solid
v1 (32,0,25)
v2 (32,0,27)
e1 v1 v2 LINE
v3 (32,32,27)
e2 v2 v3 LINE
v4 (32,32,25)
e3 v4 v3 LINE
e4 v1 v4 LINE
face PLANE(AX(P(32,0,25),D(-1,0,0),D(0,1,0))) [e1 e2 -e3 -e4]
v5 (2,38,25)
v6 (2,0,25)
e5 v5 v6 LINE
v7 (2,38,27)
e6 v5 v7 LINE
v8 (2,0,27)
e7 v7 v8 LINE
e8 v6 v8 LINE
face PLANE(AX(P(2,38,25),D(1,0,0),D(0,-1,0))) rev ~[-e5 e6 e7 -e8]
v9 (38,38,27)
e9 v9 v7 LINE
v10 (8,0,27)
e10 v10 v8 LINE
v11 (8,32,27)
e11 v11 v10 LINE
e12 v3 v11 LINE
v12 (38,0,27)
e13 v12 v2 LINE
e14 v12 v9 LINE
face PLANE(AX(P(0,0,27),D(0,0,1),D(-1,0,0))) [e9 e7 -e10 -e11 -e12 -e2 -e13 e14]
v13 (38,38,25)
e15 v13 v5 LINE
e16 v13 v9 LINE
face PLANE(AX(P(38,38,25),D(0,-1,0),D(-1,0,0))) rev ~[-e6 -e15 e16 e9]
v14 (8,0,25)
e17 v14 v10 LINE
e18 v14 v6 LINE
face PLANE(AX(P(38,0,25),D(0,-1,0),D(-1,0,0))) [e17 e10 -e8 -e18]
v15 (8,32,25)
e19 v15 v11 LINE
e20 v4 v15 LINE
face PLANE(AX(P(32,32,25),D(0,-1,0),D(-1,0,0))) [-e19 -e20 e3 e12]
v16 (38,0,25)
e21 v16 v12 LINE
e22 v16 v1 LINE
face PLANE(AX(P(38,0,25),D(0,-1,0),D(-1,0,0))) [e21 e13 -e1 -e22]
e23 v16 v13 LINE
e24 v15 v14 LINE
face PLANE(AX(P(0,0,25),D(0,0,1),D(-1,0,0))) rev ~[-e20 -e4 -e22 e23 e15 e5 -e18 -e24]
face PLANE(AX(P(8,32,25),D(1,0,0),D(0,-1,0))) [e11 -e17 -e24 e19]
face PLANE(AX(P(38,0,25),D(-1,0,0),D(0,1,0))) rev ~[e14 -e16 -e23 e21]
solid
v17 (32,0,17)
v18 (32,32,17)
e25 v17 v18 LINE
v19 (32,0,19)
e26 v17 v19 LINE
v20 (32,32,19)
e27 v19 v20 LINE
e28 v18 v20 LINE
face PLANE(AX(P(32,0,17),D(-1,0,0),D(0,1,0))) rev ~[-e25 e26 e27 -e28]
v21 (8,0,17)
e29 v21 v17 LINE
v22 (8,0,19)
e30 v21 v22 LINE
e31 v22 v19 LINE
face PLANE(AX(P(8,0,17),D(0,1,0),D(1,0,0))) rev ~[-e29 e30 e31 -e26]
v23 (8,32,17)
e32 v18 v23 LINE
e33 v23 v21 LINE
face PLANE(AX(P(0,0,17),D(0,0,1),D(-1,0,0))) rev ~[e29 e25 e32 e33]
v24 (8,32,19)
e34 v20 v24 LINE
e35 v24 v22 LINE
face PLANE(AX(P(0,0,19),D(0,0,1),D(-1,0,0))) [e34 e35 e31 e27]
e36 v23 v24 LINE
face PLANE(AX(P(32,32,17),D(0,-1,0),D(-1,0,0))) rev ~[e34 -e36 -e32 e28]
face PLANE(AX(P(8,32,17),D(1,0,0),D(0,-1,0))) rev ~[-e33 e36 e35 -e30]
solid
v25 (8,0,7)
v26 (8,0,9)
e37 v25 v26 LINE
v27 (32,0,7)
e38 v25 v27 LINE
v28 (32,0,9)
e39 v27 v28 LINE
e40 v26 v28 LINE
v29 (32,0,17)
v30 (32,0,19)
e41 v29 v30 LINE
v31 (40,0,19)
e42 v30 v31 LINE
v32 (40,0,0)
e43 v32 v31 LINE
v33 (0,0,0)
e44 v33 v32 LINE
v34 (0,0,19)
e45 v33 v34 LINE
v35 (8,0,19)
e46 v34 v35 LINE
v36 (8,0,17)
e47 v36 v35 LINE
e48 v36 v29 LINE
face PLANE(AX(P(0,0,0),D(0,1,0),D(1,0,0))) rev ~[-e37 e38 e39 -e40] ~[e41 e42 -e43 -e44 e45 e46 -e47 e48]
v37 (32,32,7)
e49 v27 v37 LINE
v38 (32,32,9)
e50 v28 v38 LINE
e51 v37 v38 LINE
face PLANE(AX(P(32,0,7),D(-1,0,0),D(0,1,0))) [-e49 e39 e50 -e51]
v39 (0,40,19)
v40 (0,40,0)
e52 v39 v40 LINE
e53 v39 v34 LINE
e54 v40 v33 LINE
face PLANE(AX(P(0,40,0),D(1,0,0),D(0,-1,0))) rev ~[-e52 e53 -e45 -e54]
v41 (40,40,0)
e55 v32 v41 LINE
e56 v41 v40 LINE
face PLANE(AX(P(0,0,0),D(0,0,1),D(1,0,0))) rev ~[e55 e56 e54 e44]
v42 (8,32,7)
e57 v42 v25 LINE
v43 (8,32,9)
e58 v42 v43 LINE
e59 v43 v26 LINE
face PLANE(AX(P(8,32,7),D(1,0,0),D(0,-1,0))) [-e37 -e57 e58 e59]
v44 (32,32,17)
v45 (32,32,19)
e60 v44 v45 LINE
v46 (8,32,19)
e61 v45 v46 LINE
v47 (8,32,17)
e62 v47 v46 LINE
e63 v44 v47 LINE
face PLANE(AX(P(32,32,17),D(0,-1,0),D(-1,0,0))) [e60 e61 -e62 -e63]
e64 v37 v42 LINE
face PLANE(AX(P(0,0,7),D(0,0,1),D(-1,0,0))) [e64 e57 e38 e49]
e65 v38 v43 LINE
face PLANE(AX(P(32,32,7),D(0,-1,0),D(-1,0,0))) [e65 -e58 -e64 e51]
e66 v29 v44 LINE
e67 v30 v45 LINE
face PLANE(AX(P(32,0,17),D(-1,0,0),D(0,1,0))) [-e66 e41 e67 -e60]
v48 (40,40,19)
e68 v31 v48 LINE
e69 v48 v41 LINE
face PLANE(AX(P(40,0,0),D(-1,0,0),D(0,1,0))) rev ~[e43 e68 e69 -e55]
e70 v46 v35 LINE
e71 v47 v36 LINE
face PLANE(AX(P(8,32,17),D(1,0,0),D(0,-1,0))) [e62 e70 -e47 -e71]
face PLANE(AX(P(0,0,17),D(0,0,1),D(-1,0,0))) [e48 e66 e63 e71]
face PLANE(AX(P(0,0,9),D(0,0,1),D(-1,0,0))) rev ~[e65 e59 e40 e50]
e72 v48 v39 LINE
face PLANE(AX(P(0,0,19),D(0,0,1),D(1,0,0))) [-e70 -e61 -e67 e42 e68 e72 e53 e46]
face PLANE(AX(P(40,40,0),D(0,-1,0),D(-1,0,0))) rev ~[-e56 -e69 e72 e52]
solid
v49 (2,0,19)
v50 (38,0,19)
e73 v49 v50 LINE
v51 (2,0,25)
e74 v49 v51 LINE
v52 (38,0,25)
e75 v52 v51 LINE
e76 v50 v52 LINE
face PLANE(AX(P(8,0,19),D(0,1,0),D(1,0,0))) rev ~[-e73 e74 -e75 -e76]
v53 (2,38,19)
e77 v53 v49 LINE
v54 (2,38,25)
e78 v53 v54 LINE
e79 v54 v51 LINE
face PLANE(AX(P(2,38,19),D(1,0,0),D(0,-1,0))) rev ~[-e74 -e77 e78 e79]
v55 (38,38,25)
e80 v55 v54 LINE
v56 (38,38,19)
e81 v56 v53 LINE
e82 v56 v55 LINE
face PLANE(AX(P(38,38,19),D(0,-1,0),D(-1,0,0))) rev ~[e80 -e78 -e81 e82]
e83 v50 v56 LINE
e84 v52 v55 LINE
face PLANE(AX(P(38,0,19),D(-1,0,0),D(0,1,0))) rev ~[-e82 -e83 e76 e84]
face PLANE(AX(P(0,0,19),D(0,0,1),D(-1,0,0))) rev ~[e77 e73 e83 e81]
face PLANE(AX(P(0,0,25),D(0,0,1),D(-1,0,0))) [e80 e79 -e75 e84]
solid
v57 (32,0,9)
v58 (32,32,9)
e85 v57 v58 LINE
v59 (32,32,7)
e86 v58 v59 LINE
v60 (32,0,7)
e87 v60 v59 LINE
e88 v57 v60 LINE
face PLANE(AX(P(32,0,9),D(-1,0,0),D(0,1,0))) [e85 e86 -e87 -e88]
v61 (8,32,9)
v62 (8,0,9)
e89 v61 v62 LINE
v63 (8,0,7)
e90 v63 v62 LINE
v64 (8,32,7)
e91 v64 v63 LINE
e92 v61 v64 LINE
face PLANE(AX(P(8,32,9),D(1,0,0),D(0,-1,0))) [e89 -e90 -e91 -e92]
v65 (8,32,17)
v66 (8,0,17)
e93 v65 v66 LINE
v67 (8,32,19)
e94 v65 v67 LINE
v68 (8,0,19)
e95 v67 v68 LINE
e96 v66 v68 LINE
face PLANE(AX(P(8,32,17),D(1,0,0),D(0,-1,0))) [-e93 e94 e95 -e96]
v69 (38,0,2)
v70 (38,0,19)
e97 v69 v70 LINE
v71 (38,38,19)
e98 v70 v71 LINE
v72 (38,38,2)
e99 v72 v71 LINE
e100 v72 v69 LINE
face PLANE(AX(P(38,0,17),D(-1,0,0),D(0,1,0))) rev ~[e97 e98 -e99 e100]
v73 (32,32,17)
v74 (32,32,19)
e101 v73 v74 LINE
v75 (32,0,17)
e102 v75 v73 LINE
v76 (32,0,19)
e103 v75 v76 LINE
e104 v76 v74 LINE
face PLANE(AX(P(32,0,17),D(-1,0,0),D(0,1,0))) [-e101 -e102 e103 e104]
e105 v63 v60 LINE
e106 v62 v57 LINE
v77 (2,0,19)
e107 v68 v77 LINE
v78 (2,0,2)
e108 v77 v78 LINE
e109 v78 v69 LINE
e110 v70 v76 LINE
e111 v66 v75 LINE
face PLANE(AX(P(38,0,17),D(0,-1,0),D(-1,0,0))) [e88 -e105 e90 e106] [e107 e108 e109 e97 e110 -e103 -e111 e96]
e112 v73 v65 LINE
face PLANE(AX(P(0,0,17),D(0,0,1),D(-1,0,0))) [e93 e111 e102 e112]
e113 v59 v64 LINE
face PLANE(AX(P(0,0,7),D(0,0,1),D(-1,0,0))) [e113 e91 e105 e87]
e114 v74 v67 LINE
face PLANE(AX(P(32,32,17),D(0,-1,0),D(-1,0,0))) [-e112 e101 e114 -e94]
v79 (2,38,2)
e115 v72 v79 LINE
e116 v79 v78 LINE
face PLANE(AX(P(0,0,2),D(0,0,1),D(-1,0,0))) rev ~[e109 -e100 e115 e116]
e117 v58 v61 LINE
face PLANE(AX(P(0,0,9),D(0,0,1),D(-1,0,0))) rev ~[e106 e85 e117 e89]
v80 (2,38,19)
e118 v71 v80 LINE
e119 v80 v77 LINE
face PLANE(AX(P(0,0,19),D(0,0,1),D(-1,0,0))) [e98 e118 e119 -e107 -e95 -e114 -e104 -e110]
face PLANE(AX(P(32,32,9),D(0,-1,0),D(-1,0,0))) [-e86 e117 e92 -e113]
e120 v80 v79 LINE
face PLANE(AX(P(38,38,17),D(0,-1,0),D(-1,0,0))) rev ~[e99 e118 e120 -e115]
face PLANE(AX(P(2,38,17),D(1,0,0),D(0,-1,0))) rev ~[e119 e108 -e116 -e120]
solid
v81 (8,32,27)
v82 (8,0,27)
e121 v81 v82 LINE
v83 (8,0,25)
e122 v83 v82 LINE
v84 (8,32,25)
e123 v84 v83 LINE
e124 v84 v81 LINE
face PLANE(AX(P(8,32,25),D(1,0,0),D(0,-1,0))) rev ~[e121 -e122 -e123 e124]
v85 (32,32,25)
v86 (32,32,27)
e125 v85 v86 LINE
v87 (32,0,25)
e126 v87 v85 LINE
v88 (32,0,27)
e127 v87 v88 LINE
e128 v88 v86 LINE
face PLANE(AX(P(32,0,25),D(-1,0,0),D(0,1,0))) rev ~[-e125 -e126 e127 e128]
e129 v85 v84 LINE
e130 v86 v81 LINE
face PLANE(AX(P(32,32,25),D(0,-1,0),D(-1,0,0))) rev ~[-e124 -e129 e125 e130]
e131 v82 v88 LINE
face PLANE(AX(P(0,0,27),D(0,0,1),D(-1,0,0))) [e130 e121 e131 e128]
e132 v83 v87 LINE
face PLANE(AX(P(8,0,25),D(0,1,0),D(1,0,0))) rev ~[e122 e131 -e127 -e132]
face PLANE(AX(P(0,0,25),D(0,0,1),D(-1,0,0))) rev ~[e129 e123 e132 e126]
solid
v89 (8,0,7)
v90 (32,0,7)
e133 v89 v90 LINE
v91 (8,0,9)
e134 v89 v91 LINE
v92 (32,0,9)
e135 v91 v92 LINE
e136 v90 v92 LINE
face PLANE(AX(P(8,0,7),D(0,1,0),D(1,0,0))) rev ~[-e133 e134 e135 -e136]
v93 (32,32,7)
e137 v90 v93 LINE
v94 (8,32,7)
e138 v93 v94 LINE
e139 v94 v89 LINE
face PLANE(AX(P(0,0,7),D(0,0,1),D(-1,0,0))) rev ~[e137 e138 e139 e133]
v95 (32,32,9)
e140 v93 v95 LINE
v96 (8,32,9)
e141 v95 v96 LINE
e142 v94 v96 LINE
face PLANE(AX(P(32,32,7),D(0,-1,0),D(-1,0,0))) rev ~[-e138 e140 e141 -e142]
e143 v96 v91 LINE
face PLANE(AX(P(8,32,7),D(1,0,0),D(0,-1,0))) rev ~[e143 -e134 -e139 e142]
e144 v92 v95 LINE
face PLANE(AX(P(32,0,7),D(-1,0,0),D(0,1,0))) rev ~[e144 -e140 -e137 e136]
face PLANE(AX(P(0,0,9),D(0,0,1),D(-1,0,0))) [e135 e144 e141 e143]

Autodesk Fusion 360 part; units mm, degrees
sketch "Esquisse1" plane through (0, 0, 0) normal (0, 0, 1) x (1, 0, 0)
  line L0 (0, 0) -> (40, 0)
  line L1 (40, 0) -> (40, 40)
  line L2 (40, 40) -> (0, 40)
  line L3 (0, 40) -> (0, 0)
  dimension "d11" = 40
  dimension "d12" = 40
sketch "Esquisse1 (2)" plane through (0, 0, 2) normal (0, 0, 1) x (-1, 0, 0) in component "Shield"
  line L0 (0, -36) -> (0, 0)
  line L1 (0, 0) -> (-36, 0)
  line L2 (-36, 0) -> (-36, -36)
  line L3 (-36, -36) -> (0, -36)
  line L4 (0, -36) -> (-2, -36)
  line L5 (-2, -36) -> (-2, 4)
  line L6 (-2, 4) -> (0, 4)
  line L7 (0, 4) -> (0, -36)
  line L8 (0, -36) -> (-40, -36)
  line L9 (-40, -36) -> (-40, -34)
  line L10 (-40, -34) -> (0, -34)
  line L11 (0, -34) -> (0, -36)
  line L12 (-40, -36) -> (-38, -36)
  line L13 (-38, -36) -> (-38, 4)
  line L14 (-38, 4) -> (-40, 4)
  line L15 (-40, 4) -> (-40, -36)
  line L16 (-40, 4) -> (0, 4)
  line L17 (0, 4) -> (0, 2)
  line L18 (0, 2) -> (-40, 2)
  line L19 (-40, 2) -> (-40, 4)
  dimension "d15" = 2
  dimension "d16" = 40
  dimension "d17" = 40
  dimension "d18" = 2
  dimension "d19" = 2
  dimension "d20" = 40
  dimension "d21" = 40
  dimension "d22" = 2
sketch "Esquisse2" plane through (0, 0, 2) normal (0, 0, 1) x (-1, 0, 0) in component "Shield"
  line L0 (-36, -2) -> (-34, -2)
  line L1 (-34, -2) -> (-34, -34)
  line L2 (-34, -34) -> (-2, -34)
  line L3 (-2, -34) -> (-2, -2)
  line L4 (-2, -2) -> (0, -2)
  line L5 (0, -2) -> (0, 0)
  line L6 (0, 0) -> (-36, 0)
  line L7 (-36, 0) -> (-36, -2)
sketch "Esquisse1 (3)" plane through (0, 0, 6) normal (0, 0, 1) x (-1, 0, 0) in component "e*"
  line L0 (-36, 0) -> (-36, -2)
  line L1 (-36, -2) -> (-34, -2)
  line L2 (-34, -2) -> (-34, -34)
  line L3 (-34, -34) -> (-2, -34)
  line L4 (-2, -34) -> (-2, -2)
  line L5 (-2, -2) -> (0, -2)
  line L6 (0, -2) -> (0, 0)
  line L7 (0, 0) -> (-36, 0)
  line L8 (-8, -28) -> (-28, -28)
  line L9 (-28, -28) -> (-28, -3.2536)
  line L10 (-28, -3.2536) -> (-8, -3.2536)
  line L11 (-8, -3.2536) -> (-8, -28)
  dimension "d27" = 6
  dimension "d28" = 6
  dimension "d30" = 6
sketch "Esquisse1 (4)" plane through (0, 0, 16) normal (0, 0, 1) x (-1, 0, 0) in component "plaque_haut"
  line L0 (-2, 0) -> (-34, 0)
  line L1 (-34, 0) -> (-34, -34)
  line L2 (-34, -34) -> (-2, -34)
  line L3 (-2, -34) -> (-2, 0)
  line L4 (-6, -30) -> (-30, -30)
  line L5 (-30, -30) -> (-30, 0)
  line L6 (-30, 0) -> (-6, 0)
  line L7 (-6, 0) -> (-6, -30)
  dimension "d39" = 24
  dimension "d40" = 30
sketch "Esquisse1 (5)" plane through (0, 0, 18) normal (0, 0, 1) x (-1, 0, 0) in component "Mousse_haute"
  line L0 (0, -36) -> (0, -2)
  line L1 (0, -2) -> (-2, -2)
  line L2 (-2, -2) -> (-2, -34)
  line L3 (-2, -34) -> (-34, -34)
  line L4 (-34, -34) -> (-34, -2)
  line L5 (-34, -2) -> (-36, -2)
  line L6 (-36, -2) -> (-36, -36)
  line L7 (-36, -36) -> (0, -36)
  line L8 (0, -36) -> (-36, -36)
  line L9 (-36, -36) -> (-36, 0)
  line L10 (-36, 0) -> (0, 0)
  line L11 (0, 0) -> (0, -36)
sketch "Esquisse2 (2)" plane through (0, 0, 0) normal (0, 0, 1) x (1, 0, 0)
  line L0 (0, 0) -> (40, 0)
  line L1 (40, 0) -> (40, 40)
  line L2 (40, 40) -> (0, 40)
  line L3 (0, 40) -> (0, 0)
  dimension "d85" = 40
  dimension "d86" = 40
extrude "Extrusion4" add sketch "Esquisse2 (2)" along normal blind 2 makes body 1 in component "Shield"
sketch "Esquisse3" plane through (0, 0, 2) normal (0, 0, 1) x (-1, 0, 0)
  line L0 (0, -40) -> (0, 0)
  line L1 (0, 0) -> (-40, 0)
  line L2 (-40, 0) -> (-40, -40)
  line L3 (-40, -40) -> (0, -40)
  line L4 (0, -40) -> (-2, -40)
  line L5 (-2, -40) -> (-2, 0)
  line L6 (-2, 0) -> (0, 0)
  line L7 (0, 0) -> (0, -40)
  line L8 (0, -40) -> (-40, -40)
  line L9 (-40, -40) -> (-40, -38)
  line L10 (-40, -38) -> (0, -38)
  line L11 (0, -38) -> (0, -40)
  line L12 (-40, -40) -> (-38, -40)
  line L13 (-38, -40) -> (-38, 0)
  line L14 (-38, 0) -> (-40, 0)
  line L15 (-40, 0) -> (-40, -40)
  dimension "d89" = 2
  dimension "d90" = 40
  dimension "d91" = 40
  dimension "d92" = 2
  dimension "d93" = 2
  dimension "d94" = 40
extrude "Extrusion15" add sketch "Esquisse3" along normal blind 5 separate body contours L1 L5 L10 L13 makes body 2 in component "Support"
sketch "Esquisse1 (6)" plane through (0, 0, 7) normal (0, 0, 1) x (-1, 0, 0) in component "Plaque bas"
  line L0 (-38, -38) -> (-2, -38)
  line L1 (-2, -38) -> (-2, 0)
  line L2 (-2, 0) -> (-38, 0)
  line L3 (-38, 0) -> (-38, -38)
  line L4 (-8, 0) -> (-32, 0)
  line L5 (-32, 0) -> (-32, -32)
  line L6 (-32, -32) -> (-8, -32)
  line L7 (-8, -32) -> (-8, 0)
  dimension "d100" = 6
  dimension "d101" = 6
  dimension "d102" = 6
extrude "Extrusion16" add sketch "Esquisse1 (6)" along normal blind 2 contours L0 L1 L2 L3 L5 L6 L7 bodies 2 in component "Support"
extrude "Extrusion5" add 1 faces at (16, 21.3333, 7) along direction (0, 0, 1) blind 2 separate body on bodies 2 makes body 3 in component "Plaque bas"
extrude "Extrusion17" add 1 faces at (36, 23.3333, 9) along direction (0, 0, 1) blind 8 on bodies 2 bodies 2 in component "Support"
extrude "Extrusion18" add 1 faces at (16, 21.3333, 9) along direction (0, 0, 1) blind 8 on bodies 3 bodies 2 in component "Support"
sketch "Esquisse2 (3)" plane through (0, 0, 17) normal (0, 0, 1) x (-1, 0, 0) in component "plaque_haut"
  line L0 (-2, 0) -> (-38, 0)
  line L1 (-38, 0) -> (-38, -38)
  line L2 (-38, -38) -> (-2, -38)
  line L3 (-2, -38) -> (-2, 0)
  line L4 (-8, 0) -> (-32, 0)
  line L5 (-32, 0) -> (-32, -32)
  line L6 (-32, -32) -> (-8, -32)
  line L7 (-8, -32) -> (-8, 0)
  point P0 (-32, 0)
  dimension "d111" = 6
  dimension "d112" = 6
  dimension "d113" = 6
extrude "Extrusion5'" add sketch "Esquisse2 (3)" along normal blind 2 separate body contours L0 L4 L5 L6 L7 makes body 4 in component "plaque_haut"
extrude "Extrusion19" add 1 faces at (14, 12.6667, 17) along direction (0, 0, 1) blind 2 on bodies 2 bodies 2 in component "Support"
copy_body "CopierCollerCorps3" bodies 4 makes body 5 in component "Support"
combine "Combiner2" operation cut target body 2 tool bodies 5 in component "Support"
extrude "Extrusion2" add 1 faces at (16, 21.3333, 19) along direction (0, 0, 1) blind 6 separate body on bodies 4 makes body 6 in component "Mousse_haute"
extrude "Extrusion3" add 1 faces at (36, 23.3333, 19) along direction (0, 0, 1) blind 6 on bodies 2 bodies 6 in component "Mousse_haute"
extrude "Extrusion5''" add 1 faces at (13.3333, 13.3333, 2) along direction (0, 0, 1) blind 17 on bodies 1 bodies 1 in component "Shield"
copy_body "CopierCollerCorps1" bodies 3 makes body 7 in component "Shield"
copy_body "CopierCollerCorps2" bodies 4 7 makes body 8 makes body 9 in component "Shield"
copy_body "CopierCollerCorps3'" bodies 4 makes body 10 in component "Shield"
combine "Combiner1" operation cut target body 1 tool bodies 7 8 9 10 in component "Shield"
sketch "Esquisse1 (7)" plane through (0, 0, 25) normal (0, 0, 1) x (-1, 0, 0) in component "Support"
  line L0 (-2, 0) -> (-38, 0)
  line L1 (-38, 0) -> (-38, -38)
  line L2 (-38, -38) -> (-2, -38)
  line L3 (-2, -38) -> (-2, 0)
  line L4 (-8, 0) -> (-32, 0)
  line L5 (-32, 0) -> (-32, -32)
  line L6 (-32, -32) -> (-8, -32)
  line L7 (-8, -32) -> (-8, 0)
  dimension "d124" = 6
  dimension "d125" = 6
  dimension "d126" = 6
extrude "Extrusion2'" add sketch "Esquisse1 (7)" along normal blind 2 separate body contours L0 L4 L5 L6 L7 makes body 11 in component "plateau_conducteur"
extrude "Extrusion1" add 1 faces at (14, 12.6667, 25) along direction (0, 0, 1) blind 2 separate body on bodies 6 makes body 12 in component "plateau_non_conducteur"
copy_body "CopierCollerCorps1'" bodies 11 makes body 13 in component "plateau_non_conducteur"
combine "Combiner1'" operation cut target body 12 tool bodies 13 in component "plateau_non_conducteur"
component "Shield" placed x (1, 0, 0) y (0, 1, 0) z (0, 0, 1) at (0, 0, 0)
component "Plaque bas" placed x (1, 0, 0) y (0, 1, 0) z (0, 0, 1) at (0, 0, 0)
component "Support" placed x (1, 0, 0) y (0, 1, 0) z (0, 0, 1) at (0, 0, 0)
component "Mousse_basse" placed x (1, 0, 0) y (0, 1, 0) z (0, 0, 1) at (0, 0, 0)
component "plaque_haut" placed x (1, 0, 0) y (0, 1, 0) z (0, 0, 1) at (0, 0, 0)
component "Mousse_haute" placed x (1, 0, 0) y (0, 1, 0) z (0, 0, 1) at (0, 0, 0)
component "plateau_conducteur" placed x (1, 0, 0) y (0, 1, 0) z (0, 0, 1) at (0, 0, 0)
component "plateau_non_conducteur" placed x (1, 0, 0) y (0, 1, 0) z (0, 0, 1) at (0, 0, 0)
component "e*" placed x (1, 0, 0) y (0, 1, 0) z (0, 0, 1) at (0, 0, 0) in component "Plaque bas"
equation "Deltax = 8 mm"
equation "Largeur_electrode = 8 mm"
equation "Longeur = 20 mm"
equation "epaisseur_mousse = 6 mm"
equation "Hauteur_support = 5 mm"
equation "deltad = 8 mm"
equation "Hauteur = epaisseur_mousse + epaisseur_electrode + deltad + Hauteur_support"
equation "Largeur = Deltax + 2 * Largeur_electrode + 2 * distance_bord_electrode + 2 * epaisseur_electrode"
equation "epaisseur_electrode = 2 mm"
equation "distance_bord_electrode = 6 mm"
equation "d11 = Largeur"
equation "d12 = Largeur"
equation "d15 = epaisseur_electrode"
equation "d16 = Largeur"
equation "d17 = Largeur"
equation "d18 = epaisseur_electrode"
equation "d19 = epaisseur_electrode"
equation "d20 = Largeur"
equation "d21 = Largeur"
equation "d22 = epaisseur_electrode"
equation "d27 = distance_bord_electrode"
equation "d28 = distance_bord_electrode"
equation "d30 = distance_bord_electrode"
equation "d39 = Largeur - 2 * distance_bord_electrode - 2 * epaisseur_electrode"
equation "d40 = Largeur - distance_bord_electrode - 2 * epaisseur_electrode"
equation "d85 = Largeur"
equation "d86 = Largeur"
equation "d87 = epaisseur_electrode"
equation "d89 = epaisseur_electrode"
equation "d90 = Largeur"
equation "d91 = Largeur"
equation "d92 = epaisseur_electrode"
equation "d93 = epaisseur_electrode"
equation "d94 = Largeur"
equation "d95 = Hauteur_support"
equation "d100 = distance_bord_electrode"
equation "d101 = distance_bord_electrode"
equation "d102 = distance_bord_electrode"
equation "d103 = epaisseur_electrode"
equation "d105 = epaisseur_electrode"
equation "d107 = deltad"
equation "d109 = deltad"
equation "d111 = distance_bord_electrode"
equation "d112 = distance_bord_electrode"
equation "d113 = distance_bord_electrode"
equation "d114 = epaisseur_electrode"
equation "d116 = epaisseur_electrode"
equation "d118 = epaisseur_mousse"
equation "d120 = epaisseur_mousse"
equation "d122 = deltad + 2 * epaisseur_electrode + Hauteur_support"
equation "d124 = distance_bord_electrode"
equation "d125 = distance_bord_electrode"
equation "d126 = distance_bord_electrode"
equation "d127 = epaisseur_electrode"
equation "d129 = epaisseur_electrode"
